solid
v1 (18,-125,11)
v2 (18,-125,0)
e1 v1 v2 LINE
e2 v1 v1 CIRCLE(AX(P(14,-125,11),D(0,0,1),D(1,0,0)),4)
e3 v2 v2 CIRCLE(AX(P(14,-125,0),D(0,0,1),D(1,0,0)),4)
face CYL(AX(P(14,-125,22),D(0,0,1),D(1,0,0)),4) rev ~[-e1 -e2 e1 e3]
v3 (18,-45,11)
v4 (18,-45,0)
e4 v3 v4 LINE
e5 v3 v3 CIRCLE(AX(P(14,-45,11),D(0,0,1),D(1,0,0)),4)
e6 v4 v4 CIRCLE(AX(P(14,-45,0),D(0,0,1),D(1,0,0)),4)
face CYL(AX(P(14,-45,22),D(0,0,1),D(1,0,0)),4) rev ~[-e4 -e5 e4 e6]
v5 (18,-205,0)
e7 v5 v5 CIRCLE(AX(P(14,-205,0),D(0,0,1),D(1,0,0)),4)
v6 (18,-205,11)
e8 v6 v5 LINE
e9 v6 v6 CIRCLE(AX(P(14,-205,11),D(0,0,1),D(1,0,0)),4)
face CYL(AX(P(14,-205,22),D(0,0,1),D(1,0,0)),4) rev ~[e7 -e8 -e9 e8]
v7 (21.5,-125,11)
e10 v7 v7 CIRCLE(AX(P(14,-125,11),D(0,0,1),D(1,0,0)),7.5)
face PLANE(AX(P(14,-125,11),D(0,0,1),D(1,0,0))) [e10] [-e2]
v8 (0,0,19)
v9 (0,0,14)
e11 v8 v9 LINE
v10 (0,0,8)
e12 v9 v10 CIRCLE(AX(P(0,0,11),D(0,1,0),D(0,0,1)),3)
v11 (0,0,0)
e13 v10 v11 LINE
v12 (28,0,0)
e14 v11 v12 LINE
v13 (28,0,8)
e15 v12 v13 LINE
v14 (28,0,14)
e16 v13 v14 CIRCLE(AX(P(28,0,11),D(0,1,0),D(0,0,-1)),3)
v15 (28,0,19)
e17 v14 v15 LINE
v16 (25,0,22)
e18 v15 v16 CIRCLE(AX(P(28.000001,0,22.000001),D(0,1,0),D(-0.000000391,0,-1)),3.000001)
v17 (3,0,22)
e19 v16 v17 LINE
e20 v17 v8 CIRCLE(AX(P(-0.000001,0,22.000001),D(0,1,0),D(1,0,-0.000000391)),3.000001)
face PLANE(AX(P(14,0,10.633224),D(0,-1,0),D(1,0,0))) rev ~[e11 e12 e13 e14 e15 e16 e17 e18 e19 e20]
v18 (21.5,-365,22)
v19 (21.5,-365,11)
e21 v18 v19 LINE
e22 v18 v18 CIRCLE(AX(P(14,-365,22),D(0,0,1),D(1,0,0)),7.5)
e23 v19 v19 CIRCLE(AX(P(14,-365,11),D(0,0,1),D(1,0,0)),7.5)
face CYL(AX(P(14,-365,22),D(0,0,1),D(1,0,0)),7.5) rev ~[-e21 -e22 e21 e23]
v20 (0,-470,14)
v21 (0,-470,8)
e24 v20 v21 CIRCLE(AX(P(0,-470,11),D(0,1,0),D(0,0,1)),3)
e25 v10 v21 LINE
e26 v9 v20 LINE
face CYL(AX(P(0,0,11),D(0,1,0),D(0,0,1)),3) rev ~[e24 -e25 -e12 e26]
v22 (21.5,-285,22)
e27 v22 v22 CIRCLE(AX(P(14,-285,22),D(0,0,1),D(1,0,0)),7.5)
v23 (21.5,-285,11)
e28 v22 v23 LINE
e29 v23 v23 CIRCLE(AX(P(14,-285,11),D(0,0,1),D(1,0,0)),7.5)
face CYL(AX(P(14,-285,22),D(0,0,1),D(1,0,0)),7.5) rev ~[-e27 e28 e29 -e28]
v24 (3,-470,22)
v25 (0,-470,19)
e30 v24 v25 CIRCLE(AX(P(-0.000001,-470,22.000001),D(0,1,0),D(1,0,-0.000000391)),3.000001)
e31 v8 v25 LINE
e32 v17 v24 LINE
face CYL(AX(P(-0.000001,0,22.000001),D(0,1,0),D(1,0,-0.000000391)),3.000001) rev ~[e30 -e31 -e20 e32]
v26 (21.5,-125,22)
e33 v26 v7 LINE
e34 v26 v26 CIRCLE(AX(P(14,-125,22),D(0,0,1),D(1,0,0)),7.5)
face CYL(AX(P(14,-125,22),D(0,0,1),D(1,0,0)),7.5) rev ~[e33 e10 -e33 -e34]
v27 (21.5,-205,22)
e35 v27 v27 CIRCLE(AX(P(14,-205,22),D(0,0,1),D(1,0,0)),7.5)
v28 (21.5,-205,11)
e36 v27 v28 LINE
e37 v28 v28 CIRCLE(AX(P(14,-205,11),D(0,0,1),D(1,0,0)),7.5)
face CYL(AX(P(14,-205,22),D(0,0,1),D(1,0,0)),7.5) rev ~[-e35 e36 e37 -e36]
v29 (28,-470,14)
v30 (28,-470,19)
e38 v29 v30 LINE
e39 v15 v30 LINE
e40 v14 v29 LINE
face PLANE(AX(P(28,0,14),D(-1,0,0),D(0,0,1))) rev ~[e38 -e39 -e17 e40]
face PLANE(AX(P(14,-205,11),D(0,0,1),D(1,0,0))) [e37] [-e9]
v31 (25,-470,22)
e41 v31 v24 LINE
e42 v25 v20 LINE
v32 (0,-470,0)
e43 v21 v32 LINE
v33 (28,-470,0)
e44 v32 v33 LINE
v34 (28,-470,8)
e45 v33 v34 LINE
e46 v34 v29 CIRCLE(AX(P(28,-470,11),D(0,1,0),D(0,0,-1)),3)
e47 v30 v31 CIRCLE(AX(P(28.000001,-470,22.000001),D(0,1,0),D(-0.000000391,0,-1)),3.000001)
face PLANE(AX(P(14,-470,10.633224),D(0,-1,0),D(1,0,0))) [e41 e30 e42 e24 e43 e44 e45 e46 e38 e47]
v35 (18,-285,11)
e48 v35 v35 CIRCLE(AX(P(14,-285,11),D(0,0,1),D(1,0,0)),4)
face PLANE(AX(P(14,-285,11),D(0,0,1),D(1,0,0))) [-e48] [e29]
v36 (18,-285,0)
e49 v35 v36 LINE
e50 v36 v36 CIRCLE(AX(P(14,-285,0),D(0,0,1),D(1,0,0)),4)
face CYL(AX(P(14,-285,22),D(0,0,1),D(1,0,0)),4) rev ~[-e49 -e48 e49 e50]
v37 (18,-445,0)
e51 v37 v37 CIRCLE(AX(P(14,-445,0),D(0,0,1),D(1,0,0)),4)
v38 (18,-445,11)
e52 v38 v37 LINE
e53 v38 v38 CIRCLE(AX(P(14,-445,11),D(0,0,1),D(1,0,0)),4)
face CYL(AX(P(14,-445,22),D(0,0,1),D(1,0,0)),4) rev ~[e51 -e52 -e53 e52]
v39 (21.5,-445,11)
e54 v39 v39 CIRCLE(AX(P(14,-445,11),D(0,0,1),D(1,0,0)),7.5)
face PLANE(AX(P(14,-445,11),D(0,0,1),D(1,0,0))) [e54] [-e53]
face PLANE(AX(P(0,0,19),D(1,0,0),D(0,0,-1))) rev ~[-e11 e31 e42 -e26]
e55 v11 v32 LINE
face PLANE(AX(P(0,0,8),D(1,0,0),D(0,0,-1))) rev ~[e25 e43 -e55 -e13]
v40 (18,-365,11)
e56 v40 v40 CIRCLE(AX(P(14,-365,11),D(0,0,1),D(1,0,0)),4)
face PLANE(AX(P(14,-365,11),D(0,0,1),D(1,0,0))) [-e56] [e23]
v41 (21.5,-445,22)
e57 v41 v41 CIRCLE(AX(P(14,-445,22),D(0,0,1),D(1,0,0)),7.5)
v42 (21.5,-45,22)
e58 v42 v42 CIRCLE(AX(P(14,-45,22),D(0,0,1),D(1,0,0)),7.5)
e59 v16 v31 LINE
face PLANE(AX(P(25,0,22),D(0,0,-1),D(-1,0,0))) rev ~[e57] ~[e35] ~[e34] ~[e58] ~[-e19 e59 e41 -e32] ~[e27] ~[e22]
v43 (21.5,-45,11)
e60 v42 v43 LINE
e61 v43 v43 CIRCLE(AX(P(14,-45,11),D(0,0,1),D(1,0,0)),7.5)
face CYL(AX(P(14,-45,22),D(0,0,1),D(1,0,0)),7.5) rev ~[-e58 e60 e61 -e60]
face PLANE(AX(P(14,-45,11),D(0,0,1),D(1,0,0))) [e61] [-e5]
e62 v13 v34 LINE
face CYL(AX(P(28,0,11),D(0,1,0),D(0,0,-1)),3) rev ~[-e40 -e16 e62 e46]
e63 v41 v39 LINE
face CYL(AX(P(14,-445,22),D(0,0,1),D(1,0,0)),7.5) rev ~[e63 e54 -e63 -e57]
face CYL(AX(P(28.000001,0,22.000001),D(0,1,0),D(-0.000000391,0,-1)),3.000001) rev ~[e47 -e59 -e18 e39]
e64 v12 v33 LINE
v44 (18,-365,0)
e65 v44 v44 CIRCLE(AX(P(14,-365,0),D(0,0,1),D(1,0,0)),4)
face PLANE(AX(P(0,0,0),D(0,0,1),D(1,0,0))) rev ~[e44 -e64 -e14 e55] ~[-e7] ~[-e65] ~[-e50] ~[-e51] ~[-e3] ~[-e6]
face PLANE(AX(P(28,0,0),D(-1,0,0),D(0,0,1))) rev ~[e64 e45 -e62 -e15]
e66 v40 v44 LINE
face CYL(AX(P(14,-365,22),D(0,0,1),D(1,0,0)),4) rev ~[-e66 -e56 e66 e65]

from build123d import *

# Parameters (mm, degrees)
F1_DEPTH = 470
F2_R     = 4
F3_DEPTH = 25
F4_R     = 7.5
F5_DEPTH = 11


with BuildPart() as f1:
    # F0 (on Front) → F1 (new body)
    with BuildSketch(Plane.XZ):
        with BuildLine():
            Line((0, 8), (0, 0))
            Line((0, 0), (28, 0))
            Line((28, 0), (28, 8))
            ThreePointArc((28, 8), (25, 11), (28, 14))
            Line((28, 14), (28, 19))
            ThreePointArc((28, 19), (25.87868, 19.87868), (25, 22))
            Line((25, 22), (3, 22))
            ThreePointArc((3, 22), (2.12132, 19.87868), (0, 19))
            Line((0, 19), (0, 14))
            ThreePointArc((0, 14), (3, 11), (0, 8))
        make_face()
    extrude(amount=F1_DEPTH)

    # F2 (on face) → F3 (cut)
    with BuildSketch(Plane.XY.offset(22)):
        with Locations((14, -45)):
            Circle(F2_R)
        with Locations((14, -125)):
            Circle(F2_R)
        with Locations((14, -205)):
            Circle(F2_R)
        with Locations((14, -285)):
            Circle(F2_R)
        with Locations((14, -365)):
            Circle(F2_R)
        with Locations((14, -445)):
            Circle(F2_R)
    extrude(amount=-F3_DEPTH, mode=Mode.SUBTRACT)

    # F4 (on face) → F5 (cut)
    with BuildSketch(Plane.XY.offset(22)):
        with Locations((14, -205)):
            Circle(F4_R)
        with Locations((14, -125)):
            Circle(F4_R)
        with Locations((14, -45)):
            Circle(F4_R)
        with Locations((14, -285)):
            Circle(F4_R)
        with Locations((14, -365)):
            Circle(F4_R)
        with Locations((14, -445)):
            Circle(F4_R)
    extrude(amount=-F5_DEPTH, mode=Mode.SUBTRACT)


solid = f1.part
